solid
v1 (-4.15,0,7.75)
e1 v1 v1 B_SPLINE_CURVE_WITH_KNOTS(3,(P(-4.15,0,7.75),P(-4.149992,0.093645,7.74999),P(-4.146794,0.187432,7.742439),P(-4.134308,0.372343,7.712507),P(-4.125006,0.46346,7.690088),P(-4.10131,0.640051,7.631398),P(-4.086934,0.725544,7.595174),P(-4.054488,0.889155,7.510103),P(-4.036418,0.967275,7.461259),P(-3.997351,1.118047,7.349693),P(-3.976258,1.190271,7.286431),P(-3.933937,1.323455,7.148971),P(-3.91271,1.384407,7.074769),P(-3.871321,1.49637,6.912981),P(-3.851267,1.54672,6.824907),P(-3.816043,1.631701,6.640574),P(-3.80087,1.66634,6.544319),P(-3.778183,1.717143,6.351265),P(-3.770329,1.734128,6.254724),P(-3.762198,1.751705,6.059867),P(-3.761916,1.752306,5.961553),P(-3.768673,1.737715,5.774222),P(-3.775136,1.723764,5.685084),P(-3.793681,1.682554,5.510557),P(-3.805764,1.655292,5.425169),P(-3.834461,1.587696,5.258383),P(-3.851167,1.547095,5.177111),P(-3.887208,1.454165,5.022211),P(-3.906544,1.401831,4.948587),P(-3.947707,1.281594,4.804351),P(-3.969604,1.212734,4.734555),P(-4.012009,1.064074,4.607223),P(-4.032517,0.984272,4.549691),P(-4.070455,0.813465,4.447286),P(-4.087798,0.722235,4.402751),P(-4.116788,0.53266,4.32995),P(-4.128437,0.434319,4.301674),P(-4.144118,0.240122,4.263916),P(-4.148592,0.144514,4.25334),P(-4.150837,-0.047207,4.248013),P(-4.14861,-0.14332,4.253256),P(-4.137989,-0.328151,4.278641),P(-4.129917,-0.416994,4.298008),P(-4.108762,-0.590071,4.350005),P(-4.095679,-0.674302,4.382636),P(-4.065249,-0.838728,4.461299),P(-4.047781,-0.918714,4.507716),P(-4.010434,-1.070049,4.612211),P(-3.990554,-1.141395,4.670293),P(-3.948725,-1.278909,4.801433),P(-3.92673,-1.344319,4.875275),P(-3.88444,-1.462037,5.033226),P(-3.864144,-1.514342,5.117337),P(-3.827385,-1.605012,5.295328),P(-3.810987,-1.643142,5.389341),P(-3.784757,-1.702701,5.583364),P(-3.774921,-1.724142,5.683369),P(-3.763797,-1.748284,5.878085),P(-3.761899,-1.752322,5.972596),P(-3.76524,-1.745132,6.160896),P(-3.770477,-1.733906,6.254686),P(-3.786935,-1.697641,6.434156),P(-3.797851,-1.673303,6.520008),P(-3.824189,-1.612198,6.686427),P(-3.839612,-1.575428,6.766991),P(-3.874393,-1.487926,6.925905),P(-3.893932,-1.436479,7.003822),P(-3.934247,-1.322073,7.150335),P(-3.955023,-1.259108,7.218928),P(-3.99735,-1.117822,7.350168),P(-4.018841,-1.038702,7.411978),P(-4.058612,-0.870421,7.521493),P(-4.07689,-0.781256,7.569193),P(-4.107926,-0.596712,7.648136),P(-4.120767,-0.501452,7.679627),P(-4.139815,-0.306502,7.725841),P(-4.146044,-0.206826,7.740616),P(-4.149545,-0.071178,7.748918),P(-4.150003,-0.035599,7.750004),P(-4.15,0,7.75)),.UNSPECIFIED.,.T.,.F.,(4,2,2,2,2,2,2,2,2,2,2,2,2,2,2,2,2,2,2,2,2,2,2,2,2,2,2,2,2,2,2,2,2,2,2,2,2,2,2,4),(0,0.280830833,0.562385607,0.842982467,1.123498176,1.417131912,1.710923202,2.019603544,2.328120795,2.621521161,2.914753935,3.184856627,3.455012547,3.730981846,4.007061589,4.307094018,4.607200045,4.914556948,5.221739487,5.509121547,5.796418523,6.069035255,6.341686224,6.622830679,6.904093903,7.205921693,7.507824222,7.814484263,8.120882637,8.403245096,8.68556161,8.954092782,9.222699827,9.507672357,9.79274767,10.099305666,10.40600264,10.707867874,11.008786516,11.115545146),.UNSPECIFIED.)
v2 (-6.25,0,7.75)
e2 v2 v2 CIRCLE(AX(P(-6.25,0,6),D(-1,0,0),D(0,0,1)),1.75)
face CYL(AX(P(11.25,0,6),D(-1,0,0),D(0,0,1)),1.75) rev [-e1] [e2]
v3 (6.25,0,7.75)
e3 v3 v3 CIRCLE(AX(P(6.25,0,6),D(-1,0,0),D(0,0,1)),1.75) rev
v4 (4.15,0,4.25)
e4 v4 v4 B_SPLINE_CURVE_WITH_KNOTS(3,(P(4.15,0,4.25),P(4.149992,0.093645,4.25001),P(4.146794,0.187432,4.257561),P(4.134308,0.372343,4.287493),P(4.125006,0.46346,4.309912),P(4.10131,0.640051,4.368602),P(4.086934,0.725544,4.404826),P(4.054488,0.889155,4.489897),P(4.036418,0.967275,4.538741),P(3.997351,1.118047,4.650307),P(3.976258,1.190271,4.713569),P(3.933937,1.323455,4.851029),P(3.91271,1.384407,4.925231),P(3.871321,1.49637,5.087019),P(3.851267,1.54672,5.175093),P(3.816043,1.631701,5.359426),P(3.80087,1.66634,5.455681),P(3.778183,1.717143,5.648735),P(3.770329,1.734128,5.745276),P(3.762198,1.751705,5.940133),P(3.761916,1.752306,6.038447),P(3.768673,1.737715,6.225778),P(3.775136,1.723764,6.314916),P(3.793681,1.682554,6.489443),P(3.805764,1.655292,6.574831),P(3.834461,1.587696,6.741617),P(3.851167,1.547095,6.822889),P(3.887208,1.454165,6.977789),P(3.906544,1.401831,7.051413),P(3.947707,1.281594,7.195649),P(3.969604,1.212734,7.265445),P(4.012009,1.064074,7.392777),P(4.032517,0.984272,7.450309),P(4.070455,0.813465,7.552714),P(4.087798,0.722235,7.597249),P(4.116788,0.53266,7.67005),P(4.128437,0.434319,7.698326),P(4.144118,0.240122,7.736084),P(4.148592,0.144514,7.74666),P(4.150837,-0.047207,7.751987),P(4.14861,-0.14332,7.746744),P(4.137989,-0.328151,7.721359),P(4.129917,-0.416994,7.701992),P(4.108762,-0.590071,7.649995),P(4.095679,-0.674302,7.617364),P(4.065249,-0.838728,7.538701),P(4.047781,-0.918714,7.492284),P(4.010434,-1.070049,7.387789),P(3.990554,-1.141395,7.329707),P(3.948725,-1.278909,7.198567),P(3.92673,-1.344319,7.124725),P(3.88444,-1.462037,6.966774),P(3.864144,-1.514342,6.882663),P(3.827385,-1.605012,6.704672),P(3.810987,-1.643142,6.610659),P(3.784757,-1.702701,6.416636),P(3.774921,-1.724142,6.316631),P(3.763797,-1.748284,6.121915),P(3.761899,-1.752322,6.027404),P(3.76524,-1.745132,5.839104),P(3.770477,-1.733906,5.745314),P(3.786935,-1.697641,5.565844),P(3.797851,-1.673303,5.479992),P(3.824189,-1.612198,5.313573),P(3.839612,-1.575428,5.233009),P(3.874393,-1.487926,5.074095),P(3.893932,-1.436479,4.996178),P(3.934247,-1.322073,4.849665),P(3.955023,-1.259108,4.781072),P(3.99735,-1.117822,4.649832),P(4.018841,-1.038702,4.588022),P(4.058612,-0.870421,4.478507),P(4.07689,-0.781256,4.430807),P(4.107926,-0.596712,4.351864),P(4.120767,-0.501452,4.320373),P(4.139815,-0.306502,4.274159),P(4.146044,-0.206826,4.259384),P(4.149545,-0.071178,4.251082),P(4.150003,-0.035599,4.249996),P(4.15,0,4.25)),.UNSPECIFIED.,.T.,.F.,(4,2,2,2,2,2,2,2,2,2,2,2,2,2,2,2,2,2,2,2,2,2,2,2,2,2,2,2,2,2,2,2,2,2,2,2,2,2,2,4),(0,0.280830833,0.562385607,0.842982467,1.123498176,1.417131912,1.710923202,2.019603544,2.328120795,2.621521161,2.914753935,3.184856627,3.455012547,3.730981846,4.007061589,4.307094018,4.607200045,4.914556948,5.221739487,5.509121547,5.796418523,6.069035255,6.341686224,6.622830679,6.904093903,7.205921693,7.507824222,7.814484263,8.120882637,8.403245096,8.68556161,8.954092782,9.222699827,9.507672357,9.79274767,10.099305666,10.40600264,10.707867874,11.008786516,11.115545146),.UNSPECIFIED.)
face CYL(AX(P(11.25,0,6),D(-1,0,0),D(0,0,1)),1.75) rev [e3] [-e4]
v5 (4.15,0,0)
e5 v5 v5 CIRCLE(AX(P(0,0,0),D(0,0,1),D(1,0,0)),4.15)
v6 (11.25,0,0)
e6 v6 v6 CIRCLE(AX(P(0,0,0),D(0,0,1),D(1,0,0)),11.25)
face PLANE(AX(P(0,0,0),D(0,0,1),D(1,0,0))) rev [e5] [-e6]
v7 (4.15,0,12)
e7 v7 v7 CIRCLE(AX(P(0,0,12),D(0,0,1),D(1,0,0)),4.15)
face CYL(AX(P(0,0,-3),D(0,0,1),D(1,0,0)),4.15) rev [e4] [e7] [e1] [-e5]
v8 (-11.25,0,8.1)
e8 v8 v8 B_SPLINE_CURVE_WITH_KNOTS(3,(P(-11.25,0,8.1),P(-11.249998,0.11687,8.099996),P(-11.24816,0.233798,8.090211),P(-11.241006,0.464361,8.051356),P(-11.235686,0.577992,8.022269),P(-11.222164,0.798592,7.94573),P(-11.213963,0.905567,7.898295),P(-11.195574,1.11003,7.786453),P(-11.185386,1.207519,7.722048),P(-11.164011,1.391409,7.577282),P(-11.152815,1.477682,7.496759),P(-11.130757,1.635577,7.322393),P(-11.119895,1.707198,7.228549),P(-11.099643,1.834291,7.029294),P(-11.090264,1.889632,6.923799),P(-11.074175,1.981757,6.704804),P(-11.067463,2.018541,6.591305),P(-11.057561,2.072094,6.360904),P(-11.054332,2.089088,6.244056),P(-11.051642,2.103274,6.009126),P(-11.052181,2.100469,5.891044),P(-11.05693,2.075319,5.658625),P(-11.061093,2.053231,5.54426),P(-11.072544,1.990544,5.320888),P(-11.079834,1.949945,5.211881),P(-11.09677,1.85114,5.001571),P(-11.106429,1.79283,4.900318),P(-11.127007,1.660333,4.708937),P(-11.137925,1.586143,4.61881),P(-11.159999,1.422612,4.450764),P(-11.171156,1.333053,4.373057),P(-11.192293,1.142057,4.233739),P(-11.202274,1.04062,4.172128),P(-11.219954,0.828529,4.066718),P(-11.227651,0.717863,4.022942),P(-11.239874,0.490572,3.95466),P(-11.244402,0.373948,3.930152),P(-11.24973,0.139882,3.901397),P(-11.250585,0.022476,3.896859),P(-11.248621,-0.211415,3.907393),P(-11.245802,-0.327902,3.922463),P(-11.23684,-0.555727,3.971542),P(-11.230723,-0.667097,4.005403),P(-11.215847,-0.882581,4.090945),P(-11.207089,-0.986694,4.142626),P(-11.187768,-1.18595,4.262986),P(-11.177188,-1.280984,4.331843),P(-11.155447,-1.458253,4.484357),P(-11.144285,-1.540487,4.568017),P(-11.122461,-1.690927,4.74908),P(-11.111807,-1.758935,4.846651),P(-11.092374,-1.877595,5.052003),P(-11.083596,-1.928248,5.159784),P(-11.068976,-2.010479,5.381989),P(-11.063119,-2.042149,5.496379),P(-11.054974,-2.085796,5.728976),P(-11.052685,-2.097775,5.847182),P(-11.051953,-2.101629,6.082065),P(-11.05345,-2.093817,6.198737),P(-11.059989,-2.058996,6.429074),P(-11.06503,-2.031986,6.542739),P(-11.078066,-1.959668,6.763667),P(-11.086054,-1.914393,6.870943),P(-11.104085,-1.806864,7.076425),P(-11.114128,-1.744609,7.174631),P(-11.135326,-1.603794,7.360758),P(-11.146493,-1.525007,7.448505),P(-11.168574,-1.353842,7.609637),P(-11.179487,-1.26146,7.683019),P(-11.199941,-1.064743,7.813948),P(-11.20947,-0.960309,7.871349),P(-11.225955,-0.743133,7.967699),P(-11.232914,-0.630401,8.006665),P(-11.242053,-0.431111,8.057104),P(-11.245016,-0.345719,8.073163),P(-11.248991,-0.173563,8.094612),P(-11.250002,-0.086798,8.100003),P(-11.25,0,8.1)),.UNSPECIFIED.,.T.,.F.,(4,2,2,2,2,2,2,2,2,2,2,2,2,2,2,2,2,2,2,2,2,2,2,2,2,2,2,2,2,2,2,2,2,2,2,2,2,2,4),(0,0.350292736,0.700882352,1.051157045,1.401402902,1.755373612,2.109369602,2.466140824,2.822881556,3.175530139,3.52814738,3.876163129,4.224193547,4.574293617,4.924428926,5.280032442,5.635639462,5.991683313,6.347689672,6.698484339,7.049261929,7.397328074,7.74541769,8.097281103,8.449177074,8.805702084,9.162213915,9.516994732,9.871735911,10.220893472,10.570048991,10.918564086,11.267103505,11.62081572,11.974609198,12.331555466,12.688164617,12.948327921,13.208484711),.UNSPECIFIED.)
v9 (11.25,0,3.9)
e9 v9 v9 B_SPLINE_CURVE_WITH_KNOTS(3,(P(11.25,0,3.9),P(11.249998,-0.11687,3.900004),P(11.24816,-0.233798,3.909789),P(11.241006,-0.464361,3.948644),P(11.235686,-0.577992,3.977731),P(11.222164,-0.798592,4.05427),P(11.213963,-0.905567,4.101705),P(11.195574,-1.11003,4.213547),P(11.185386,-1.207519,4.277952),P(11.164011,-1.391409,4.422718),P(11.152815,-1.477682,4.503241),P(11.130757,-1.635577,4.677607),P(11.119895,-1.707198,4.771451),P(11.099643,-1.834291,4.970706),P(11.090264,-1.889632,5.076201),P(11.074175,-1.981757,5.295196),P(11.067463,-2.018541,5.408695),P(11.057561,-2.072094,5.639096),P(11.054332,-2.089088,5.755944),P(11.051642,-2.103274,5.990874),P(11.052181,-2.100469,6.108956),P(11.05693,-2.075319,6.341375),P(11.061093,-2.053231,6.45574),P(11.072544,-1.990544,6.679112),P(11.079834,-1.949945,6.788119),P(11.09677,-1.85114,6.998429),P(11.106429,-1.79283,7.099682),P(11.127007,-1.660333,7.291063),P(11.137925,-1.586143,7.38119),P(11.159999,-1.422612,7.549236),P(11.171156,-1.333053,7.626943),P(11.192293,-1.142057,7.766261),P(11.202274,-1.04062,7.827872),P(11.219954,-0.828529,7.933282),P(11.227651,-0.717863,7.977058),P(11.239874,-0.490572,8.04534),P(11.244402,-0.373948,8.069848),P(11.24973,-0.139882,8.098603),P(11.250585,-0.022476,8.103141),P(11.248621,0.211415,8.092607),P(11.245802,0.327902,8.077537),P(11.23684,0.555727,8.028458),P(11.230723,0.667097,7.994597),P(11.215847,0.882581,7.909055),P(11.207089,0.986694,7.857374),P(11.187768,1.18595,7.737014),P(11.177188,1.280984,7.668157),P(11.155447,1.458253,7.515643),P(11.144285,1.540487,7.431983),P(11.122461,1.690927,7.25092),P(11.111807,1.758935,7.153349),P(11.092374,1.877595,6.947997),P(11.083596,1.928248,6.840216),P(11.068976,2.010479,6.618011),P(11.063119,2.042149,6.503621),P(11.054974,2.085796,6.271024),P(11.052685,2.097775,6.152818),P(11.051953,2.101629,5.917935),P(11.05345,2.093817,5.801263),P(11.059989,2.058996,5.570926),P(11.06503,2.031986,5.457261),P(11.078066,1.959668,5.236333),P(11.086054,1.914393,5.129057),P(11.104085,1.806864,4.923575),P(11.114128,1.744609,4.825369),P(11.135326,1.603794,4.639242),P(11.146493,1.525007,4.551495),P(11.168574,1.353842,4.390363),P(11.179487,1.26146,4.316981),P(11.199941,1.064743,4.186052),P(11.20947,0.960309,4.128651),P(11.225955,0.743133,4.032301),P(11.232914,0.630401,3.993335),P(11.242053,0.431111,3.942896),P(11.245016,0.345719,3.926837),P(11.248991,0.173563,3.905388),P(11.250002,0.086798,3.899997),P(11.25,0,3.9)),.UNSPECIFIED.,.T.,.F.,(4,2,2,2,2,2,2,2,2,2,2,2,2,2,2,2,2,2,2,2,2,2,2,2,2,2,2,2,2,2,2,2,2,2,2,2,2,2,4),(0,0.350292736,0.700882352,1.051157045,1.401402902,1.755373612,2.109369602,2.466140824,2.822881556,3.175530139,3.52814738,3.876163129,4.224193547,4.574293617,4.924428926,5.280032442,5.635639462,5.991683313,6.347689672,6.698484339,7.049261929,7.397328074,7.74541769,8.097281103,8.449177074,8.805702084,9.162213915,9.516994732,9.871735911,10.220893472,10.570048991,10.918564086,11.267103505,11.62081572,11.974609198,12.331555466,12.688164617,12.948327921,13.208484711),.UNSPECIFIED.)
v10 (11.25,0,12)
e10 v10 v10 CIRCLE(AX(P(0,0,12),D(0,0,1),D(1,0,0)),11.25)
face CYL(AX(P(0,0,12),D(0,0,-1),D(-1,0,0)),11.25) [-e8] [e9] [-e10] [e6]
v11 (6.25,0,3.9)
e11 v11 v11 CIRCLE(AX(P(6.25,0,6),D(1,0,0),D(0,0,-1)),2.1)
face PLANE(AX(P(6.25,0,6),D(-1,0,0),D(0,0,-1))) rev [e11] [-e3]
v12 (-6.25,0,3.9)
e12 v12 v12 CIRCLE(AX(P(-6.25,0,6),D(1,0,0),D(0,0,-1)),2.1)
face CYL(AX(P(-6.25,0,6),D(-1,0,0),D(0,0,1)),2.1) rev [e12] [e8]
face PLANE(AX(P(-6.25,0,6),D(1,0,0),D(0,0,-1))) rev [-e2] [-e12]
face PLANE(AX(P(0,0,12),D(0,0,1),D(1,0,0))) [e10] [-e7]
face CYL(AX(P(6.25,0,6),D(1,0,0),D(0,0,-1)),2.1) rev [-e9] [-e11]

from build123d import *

# Parameters (mm, degrees)
SKETCH1_R           = 11.25
BOSS_EXTRUDE1_DEPTH = 12
SKETCH2_R           = 4.15
CUT_EXTRUDE1_DEPTH  = 15
SKETCH3_R           = 2.1
CUT_EXTRUDE2_DEPTH  = 5
SKETCH4_R           = 1.75
CUT_EXTRUDE3_DEPTH  = 18.5000001


with BuildPart() as part:
    # Sketch1 → Boss-Extrude1 (new body)
    with BuildSketch(Plane.XY):
        Circle(SKETCH1_R)
    extrude(amount=BOSS_EXTRUDE1_DEPTH)

    # Sketch2 → Cut-Extrude1 (cut)
    with BuildSketch(Plane.XY.offset(12)):
        Circle(SKETCH2_R)
    extrude(amount=-CUT_EXTRUDE1_DEPTH, mode=Mode.SUBTRACT)

    # Sketch3 → Cut-Extrude2 (cut)
    with BuildSketch(Plane(origin=(-11.25, 0, 0), x_dir=(0, 0, -1), z_dir=(1, 0, 0))):
        with Locations((-6, 0)):
            Circle(SKETCH3_R)
    cut_extrude2 = extrude(amount=CUT_EXTRUDE2_DEPTH, mode=Mode.SUBTRACT)

    # Sketch4 → Cut-Extrude3 (cut, through all)
    with BuildSketch(Plane.ZY.offset(6.25)):
        with Locations((6, 0)):
            Circle(SKETCH4_R)
    extrude(amount=-CUT_EXTRUDE3_DEPTH, mode=Mode.SUBTRACT)

    # Mirror1: Cut-Extrude2 across plane
    add(cut_extrude2.mirror(Plane(origin=(0, 0, 0), x_dir=(0, 0, 1), z_dir=(1, 0, 0))), mode=Mode.SUBTRACT)


solid = part.part
